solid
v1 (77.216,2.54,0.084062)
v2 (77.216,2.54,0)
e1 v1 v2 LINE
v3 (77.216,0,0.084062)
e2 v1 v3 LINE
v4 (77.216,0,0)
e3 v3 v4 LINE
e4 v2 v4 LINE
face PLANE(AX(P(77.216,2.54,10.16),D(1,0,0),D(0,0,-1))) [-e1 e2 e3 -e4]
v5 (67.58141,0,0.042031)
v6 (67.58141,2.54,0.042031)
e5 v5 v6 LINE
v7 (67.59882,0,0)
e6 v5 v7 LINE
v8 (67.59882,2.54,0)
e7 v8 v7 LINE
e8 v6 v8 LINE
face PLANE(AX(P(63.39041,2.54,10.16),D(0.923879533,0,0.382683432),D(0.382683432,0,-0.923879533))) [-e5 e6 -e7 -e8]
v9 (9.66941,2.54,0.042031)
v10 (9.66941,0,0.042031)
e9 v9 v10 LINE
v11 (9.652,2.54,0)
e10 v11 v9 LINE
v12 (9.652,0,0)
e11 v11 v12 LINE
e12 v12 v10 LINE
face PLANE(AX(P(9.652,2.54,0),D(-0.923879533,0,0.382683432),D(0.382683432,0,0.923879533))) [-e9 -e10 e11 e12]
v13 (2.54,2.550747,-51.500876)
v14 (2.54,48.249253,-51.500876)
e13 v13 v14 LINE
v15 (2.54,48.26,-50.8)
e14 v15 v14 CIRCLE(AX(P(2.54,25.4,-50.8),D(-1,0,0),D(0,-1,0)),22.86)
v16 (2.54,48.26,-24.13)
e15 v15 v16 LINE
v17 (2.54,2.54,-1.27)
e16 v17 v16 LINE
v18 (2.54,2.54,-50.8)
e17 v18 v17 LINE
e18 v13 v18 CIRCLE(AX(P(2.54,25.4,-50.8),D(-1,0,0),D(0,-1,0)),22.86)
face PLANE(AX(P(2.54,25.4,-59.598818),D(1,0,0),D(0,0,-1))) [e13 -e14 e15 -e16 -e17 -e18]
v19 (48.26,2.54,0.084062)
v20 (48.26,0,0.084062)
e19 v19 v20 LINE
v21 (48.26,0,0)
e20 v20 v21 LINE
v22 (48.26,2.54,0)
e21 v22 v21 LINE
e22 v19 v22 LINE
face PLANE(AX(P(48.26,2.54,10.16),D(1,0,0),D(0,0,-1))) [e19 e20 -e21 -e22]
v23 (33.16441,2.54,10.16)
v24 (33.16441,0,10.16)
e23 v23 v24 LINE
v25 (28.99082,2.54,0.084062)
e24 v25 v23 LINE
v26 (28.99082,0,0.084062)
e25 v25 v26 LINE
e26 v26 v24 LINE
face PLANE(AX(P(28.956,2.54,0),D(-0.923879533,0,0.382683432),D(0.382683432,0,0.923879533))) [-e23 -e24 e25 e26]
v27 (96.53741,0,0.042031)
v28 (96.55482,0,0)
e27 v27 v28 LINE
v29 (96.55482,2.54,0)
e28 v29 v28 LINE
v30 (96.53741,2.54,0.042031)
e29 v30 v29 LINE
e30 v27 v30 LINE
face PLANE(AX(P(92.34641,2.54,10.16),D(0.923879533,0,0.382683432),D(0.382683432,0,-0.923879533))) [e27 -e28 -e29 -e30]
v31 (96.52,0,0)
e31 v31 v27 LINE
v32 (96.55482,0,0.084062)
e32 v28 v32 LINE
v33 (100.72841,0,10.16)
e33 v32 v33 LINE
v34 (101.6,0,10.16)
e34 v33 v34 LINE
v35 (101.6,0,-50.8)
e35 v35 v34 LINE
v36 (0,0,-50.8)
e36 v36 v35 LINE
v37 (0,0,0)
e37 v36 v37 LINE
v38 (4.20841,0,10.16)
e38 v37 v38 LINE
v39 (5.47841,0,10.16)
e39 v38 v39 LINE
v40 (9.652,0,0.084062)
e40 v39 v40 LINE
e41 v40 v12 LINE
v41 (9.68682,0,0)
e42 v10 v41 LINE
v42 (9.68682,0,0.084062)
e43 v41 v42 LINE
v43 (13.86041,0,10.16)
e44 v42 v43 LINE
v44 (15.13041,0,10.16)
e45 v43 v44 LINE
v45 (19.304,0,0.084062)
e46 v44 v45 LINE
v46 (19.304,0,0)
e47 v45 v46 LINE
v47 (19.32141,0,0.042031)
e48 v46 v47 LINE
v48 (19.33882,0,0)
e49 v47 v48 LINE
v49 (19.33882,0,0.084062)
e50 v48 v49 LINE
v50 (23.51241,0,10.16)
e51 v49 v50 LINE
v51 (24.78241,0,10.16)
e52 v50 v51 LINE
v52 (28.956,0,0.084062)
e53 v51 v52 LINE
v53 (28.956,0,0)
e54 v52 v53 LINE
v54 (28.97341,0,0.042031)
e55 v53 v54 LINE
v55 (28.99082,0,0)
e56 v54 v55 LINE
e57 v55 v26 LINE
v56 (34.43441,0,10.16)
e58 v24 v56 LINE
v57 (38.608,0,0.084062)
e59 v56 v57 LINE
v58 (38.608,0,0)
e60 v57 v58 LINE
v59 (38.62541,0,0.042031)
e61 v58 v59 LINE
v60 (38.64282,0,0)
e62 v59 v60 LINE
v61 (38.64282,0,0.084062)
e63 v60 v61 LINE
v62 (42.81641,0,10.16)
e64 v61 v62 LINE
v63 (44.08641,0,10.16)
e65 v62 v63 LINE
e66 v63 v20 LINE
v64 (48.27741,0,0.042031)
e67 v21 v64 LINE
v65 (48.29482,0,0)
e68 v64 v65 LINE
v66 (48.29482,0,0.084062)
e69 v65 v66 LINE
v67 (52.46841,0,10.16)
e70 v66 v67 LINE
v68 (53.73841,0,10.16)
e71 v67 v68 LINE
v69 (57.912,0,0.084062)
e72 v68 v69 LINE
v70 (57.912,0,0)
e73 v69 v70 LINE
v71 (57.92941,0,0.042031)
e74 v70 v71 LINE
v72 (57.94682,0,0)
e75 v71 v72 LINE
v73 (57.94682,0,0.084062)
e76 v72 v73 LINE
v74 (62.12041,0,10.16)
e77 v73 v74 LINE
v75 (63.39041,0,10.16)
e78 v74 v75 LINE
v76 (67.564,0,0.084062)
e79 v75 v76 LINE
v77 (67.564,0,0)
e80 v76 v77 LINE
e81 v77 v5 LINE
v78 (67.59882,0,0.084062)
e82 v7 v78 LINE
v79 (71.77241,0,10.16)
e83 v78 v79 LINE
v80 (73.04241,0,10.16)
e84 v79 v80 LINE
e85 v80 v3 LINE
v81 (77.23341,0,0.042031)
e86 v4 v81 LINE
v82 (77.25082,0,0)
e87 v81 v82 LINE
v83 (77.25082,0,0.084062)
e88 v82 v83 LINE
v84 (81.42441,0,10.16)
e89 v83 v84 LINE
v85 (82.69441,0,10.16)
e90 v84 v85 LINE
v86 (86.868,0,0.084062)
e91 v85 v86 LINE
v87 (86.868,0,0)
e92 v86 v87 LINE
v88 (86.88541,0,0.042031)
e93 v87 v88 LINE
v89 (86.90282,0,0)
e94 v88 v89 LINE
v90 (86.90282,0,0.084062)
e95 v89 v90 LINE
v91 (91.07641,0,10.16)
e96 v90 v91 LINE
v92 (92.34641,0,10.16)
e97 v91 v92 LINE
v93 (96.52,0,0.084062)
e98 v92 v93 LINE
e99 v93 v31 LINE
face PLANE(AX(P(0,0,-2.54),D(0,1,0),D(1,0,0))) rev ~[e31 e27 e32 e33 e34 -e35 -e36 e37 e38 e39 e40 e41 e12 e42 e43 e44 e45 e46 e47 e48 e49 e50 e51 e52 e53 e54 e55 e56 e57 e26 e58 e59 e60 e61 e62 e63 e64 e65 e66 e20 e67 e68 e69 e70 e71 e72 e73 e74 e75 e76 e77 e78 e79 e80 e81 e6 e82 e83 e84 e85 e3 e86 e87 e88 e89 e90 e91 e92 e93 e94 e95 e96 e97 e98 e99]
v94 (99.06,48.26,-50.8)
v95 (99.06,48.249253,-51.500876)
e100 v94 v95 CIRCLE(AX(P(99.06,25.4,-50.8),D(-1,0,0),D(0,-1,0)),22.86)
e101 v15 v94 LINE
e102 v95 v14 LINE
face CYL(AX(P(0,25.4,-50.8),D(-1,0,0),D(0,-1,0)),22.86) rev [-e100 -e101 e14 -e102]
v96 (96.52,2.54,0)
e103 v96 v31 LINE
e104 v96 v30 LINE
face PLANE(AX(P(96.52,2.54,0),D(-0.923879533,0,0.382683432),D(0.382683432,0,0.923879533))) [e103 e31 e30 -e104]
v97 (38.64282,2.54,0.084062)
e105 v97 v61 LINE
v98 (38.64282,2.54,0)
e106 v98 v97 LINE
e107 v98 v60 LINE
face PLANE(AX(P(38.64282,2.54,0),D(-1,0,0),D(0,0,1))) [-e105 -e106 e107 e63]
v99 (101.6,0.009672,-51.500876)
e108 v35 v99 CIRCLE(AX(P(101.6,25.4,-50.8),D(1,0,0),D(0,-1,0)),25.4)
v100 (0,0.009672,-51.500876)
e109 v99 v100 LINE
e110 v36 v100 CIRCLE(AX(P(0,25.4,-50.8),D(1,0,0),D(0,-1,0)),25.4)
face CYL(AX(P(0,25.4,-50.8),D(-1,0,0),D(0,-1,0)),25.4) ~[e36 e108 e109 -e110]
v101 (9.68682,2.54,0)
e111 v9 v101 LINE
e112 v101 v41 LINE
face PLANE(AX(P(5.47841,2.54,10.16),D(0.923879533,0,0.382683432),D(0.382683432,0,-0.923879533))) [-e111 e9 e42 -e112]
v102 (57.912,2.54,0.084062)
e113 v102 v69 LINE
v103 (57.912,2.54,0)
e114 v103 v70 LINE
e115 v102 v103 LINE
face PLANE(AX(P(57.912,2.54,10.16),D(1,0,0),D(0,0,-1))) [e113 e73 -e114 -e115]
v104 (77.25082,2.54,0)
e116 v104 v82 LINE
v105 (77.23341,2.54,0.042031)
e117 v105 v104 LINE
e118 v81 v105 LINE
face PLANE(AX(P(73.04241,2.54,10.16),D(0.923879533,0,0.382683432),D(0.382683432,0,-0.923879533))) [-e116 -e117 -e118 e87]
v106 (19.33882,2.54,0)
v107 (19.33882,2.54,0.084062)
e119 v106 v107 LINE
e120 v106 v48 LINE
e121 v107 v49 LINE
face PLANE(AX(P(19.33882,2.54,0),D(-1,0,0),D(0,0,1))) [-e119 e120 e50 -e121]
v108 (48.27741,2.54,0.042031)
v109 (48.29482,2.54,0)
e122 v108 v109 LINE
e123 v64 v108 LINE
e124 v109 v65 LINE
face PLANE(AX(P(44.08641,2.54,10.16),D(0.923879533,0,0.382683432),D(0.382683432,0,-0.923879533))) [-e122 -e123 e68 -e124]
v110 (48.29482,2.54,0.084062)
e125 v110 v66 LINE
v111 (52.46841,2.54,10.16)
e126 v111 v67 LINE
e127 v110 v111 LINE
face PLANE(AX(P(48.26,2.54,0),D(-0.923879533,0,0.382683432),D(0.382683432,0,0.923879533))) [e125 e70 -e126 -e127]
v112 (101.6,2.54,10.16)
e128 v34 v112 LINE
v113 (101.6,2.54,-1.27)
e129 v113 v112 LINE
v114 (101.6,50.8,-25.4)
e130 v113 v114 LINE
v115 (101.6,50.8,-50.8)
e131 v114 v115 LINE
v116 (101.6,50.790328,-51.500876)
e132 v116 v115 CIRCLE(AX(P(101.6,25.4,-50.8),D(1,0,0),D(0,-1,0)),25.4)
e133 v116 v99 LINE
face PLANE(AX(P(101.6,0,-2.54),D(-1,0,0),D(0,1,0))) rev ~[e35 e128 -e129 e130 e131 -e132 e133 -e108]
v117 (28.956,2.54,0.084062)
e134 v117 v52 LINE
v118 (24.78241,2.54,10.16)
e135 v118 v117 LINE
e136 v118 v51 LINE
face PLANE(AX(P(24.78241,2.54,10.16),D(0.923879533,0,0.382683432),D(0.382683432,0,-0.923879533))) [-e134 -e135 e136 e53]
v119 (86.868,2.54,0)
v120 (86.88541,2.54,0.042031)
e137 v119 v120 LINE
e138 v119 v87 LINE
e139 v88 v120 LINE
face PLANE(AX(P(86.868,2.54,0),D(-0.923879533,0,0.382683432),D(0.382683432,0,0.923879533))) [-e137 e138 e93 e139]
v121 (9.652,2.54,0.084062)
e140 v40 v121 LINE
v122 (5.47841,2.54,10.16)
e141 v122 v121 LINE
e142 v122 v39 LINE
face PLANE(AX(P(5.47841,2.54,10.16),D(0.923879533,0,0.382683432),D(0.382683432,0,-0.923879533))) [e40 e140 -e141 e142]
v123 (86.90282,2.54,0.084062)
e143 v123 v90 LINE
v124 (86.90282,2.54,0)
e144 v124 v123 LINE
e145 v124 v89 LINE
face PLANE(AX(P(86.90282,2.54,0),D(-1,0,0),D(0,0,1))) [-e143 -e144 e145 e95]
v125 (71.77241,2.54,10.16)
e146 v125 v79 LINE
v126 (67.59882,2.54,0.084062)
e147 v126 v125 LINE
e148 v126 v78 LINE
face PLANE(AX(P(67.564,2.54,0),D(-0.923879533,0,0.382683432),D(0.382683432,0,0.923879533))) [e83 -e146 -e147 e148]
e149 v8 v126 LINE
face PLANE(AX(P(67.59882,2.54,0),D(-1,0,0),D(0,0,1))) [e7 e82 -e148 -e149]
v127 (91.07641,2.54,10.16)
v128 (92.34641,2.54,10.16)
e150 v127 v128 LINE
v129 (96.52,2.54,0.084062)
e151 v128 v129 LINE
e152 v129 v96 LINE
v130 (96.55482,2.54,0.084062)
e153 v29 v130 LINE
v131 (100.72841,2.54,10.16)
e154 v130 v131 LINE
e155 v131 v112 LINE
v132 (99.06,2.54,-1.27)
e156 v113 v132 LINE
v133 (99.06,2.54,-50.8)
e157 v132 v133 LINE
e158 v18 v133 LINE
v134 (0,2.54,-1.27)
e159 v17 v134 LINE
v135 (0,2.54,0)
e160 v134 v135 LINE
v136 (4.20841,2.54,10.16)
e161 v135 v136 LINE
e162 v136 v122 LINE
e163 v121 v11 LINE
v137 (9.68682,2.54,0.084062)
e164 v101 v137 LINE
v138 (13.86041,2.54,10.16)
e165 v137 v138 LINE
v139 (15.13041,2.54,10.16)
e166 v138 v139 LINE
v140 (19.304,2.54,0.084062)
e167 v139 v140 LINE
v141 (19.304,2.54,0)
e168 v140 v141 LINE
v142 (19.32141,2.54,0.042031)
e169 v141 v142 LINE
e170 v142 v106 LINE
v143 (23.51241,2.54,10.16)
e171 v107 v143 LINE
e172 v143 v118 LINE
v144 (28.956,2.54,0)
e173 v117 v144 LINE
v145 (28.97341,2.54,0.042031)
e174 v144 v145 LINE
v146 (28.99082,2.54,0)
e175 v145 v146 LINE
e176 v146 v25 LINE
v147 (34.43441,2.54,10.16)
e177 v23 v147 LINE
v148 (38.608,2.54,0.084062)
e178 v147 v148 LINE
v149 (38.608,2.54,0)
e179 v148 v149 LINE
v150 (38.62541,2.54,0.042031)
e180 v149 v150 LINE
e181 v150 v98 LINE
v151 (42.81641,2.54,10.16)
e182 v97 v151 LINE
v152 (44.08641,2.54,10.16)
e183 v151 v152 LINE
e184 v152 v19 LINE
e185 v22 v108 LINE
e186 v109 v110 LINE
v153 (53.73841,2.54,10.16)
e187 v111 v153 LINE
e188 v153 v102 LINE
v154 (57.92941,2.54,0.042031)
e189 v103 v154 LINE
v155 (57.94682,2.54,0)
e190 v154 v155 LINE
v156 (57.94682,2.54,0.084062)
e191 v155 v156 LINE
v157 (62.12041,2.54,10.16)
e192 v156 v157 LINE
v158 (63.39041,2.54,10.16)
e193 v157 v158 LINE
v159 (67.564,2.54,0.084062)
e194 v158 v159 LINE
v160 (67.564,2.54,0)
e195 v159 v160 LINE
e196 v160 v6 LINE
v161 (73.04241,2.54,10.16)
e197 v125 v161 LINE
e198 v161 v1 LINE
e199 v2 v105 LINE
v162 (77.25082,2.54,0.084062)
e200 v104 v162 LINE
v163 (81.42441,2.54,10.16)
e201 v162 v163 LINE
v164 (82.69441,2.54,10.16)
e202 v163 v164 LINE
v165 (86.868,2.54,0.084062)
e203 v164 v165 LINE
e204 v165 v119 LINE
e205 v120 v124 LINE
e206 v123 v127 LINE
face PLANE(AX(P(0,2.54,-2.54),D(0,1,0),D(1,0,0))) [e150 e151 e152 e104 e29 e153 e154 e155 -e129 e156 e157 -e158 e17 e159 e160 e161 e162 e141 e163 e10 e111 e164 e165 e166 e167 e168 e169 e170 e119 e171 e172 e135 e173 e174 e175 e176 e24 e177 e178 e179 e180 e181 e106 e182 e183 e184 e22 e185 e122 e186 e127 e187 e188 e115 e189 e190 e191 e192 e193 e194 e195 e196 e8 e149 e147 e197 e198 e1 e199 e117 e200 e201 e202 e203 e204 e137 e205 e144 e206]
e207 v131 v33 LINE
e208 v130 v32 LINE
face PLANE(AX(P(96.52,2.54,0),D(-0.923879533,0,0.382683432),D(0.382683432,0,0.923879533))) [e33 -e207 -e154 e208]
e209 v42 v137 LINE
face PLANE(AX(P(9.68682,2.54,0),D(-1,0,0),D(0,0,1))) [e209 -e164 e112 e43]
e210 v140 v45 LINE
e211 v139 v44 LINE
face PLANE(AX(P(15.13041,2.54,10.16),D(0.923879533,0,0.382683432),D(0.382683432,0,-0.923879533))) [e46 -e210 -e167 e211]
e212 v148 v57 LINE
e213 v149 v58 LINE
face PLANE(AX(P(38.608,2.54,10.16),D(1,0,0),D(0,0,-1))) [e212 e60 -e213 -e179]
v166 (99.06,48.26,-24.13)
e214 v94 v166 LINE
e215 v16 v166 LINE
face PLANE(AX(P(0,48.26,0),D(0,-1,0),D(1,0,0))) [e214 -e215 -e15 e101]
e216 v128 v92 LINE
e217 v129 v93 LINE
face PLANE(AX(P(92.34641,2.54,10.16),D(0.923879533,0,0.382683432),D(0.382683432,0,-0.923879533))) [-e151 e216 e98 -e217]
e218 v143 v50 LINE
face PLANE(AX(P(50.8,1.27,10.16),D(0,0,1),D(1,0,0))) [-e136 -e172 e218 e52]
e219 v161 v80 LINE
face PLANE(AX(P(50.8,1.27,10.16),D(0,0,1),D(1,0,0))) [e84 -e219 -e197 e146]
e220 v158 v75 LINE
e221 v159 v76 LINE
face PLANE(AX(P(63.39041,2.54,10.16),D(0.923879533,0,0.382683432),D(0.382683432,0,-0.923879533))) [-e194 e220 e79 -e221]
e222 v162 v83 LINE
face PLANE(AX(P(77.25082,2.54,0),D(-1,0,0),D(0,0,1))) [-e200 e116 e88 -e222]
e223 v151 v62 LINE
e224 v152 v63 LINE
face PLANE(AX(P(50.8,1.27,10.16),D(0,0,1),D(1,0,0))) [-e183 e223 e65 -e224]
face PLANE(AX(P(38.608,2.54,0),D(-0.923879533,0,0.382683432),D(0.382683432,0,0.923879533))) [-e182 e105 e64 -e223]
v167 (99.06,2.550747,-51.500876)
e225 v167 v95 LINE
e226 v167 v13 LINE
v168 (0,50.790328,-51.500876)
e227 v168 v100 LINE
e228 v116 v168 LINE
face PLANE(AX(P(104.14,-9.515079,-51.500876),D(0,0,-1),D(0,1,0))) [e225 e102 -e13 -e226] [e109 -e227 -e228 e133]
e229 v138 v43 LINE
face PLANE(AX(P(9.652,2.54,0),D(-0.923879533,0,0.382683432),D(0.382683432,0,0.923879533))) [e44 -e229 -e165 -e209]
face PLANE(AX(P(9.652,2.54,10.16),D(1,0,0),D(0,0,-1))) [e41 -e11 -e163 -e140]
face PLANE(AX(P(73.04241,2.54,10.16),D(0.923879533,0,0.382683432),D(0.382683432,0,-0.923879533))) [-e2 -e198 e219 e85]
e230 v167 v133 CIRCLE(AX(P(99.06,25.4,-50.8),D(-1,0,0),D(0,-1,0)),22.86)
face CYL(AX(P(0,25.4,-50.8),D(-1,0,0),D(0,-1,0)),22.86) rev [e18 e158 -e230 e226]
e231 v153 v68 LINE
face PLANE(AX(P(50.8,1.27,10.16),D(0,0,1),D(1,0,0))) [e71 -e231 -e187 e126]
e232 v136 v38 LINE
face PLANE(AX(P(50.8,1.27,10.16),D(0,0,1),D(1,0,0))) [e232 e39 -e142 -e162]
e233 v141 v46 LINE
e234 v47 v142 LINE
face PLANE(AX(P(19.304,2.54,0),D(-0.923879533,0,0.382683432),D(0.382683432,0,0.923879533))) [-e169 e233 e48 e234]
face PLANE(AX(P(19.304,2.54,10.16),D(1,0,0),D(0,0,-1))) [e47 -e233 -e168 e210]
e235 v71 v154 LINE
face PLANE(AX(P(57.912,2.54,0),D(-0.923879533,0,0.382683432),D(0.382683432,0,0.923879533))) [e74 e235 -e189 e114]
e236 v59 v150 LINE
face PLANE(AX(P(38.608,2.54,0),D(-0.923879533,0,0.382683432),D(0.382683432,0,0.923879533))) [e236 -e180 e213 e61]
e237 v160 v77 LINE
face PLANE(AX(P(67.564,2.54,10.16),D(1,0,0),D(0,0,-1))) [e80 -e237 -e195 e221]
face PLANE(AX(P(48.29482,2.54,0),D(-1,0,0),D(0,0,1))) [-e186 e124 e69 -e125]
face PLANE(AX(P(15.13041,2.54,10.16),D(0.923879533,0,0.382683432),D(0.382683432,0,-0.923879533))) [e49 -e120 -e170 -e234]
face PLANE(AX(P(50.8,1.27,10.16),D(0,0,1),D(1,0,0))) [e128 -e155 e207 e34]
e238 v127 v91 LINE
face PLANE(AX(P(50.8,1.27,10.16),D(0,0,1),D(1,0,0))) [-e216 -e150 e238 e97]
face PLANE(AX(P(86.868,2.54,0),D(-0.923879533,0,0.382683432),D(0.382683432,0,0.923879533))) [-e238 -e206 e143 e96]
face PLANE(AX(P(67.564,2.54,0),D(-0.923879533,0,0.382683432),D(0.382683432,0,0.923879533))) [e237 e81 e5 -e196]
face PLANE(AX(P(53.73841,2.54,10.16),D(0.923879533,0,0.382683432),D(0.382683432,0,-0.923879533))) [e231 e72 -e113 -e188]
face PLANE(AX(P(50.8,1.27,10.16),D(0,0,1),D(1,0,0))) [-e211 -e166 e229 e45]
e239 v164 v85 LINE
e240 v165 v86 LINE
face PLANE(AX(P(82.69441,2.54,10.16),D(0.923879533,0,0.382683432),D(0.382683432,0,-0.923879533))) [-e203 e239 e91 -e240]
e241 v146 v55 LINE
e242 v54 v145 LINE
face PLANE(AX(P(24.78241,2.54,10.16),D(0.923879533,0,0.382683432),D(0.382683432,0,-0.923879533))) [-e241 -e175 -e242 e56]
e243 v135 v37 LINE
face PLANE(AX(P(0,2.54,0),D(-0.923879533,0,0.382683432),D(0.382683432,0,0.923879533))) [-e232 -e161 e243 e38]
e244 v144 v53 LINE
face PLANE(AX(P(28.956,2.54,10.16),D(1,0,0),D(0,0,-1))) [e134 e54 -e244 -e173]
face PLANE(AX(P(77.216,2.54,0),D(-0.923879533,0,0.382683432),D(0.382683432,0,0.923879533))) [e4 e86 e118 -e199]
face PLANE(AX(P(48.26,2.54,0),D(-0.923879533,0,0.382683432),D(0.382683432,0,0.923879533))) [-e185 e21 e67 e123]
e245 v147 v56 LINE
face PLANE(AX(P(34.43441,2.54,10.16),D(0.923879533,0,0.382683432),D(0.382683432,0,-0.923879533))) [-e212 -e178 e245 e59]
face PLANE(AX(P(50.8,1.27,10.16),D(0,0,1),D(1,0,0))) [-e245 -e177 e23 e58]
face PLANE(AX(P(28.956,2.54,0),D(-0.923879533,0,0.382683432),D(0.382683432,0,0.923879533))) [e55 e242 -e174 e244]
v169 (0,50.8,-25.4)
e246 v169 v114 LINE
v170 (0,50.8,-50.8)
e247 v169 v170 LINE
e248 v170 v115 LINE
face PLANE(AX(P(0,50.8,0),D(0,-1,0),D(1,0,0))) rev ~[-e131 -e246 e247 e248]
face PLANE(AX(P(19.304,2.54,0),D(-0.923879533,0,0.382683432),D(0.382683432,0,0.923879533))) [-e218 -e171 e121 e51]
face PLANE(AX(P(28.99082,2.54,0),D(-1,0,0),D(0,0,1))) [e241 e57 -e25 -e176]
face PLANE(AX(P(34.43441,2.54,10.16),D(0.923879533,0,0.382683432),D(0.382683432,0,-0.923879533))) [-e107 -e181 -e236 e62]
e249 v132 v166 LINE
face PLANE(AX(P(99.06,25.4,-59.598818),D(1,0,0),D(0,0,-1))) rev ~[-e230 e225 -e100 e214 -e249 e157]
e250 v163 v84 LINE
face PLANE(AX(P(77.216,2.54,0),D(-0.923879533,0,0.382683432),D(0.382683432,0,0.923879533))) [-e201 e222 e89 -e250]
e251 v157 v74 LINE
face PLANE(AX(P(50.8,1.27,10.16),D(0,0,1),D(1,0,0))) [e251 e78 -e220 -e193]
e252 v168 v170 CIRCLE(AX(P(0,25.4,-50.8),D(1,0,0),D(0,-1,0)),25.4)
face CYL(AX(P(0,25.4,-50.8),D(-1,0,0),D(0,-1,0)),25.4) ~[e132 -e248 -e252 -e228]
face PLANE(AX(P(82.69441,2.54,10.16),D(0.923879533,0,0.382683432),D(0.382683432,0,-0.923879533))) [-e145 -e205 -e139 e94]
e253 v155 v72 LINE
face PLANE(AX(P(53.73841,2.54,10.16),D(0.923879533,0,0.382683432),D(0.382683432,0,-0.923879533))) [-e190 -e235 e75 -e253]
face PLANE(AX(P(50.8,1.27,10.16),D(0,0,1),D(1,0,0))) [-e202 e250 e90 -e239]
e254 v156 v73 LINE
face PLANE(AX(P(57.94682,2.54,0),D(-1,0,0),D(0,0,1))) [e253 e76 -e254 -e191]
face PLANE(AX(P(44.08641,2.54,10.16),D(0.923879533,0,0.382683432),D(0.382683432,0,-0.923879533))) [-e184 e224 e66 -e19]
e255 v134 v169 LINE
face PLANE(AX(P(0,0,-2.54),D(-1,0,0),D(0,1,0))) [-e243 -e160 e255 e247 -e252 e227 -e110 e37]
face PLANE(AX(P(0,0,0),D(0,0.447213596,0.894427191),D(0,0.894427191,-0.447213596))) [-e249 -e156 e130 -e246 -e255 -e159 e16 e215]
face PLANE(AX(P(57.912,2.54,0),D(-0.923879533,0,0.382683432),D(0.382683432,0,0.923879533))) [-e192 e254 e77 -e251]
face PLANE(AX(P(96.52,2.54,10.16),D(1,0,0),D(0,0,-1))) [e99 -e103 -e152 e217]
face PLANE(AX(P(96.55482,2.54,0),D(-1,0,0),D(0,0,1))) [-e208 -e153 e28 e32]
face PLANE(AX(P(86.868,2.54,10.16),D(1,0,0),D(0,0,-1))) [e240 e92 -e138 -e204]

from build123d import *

# Parameters (mm, degrees)
SKETCH1_W               = 101.6
SKETCH1_H               = 50.8
BOSS_EXTRUDE1_DEPTH     = 50.8
BOSS_EXTRUDE2_DEPTH     = 101.6
CUT_EXTRUDE1_DEPTH      = 101.6
SHELL1_T                = -2.54
SKETCH4_W               = 101.6
SKETCH4_H               = 2.54
BOSS_EXTRUDE3_DEPTH     = 12.7
CUT_EXTRUDE2_DEPTH      = 2.54
LPATTERN1_COUNT         = 11
LPATTERN1_PITCH         = 9.652
CUT_EXTRUDE3_DEPTH      = 109.22
CUT_EXTRUDE3_DEPTH_BACK = 5.08
SKETCH6_W               = 39.172348931
SKETCH6_H               = 64.321849683


with BuildPart() as part:
    # Sketch1 → Boss-Extrude1 (new body)
    with BuildSketch(Plane.XY):
        with Locations((50.8, 25.4)):
            Rectangle(SKETCH1_W, SKETCH1_H)
    extrude(amount=-BOSS_EXTRUDE1_DEPTH)

    # Sketch2 → Boss-Extrude2 (add)
    with BuildSketch(Plane.ZY):
        with BuildLine():
            Line((-50.8, 50.8), (-50.8, 0))
            ThreePointArc((-50.8, 0), (-76.2, 25.4), (-50.8, 50.8))
        make_face()
    extrude(amount=-BOSS_EXTRUDE2_DEPTH)

    # Sketch3 → Cut-Extrude1 (cut)
    with BuildSketch(Plane.ZY):
        Polygon((0, 0), (-25.4, 50.8), (0, 50.8), align=None)
    extrude(amount=-CUT_EXTRUDE1_DEPTH, mode=Mode.SUBTRACT)

    # Shell1
    shell1_openings = [part.faces().sort_by_distance(p)[0] for p in [
        (50.8, 25.4, -12.7),
    ]]
    offset(amount=SHELL1_T, openings=shell1_openings, kind=Kind.INTERSECTION)

    # Sketch4 → Boss-Extrude3 (add)
    with BuildSketch(Plane.XY.offset(-2.54)):
        with Locations((50.8, 1.27)):
            Rectangle(SKETCH4_W, SKETCH4_H)
    extrude(amount=BOSS_EXTRUDE3_DEPTH)

    # Sketch5 → Cut-Extrude2 (cut)
    with BuildSketch(Plane(origin=(0, 2.54, 0), x_dir=(1, 0, 0), z_dir=(0, 1, 0))):
        Polygon((0, 0), (4.208409794, -10.16), (0, -10.16), align=None)
        Polygon((5.478409794, -10.16), (9.686819587, 0), (9.686819587, -10.16), align=None)
    cut_extrude2 = extrude(amount=-CUT_EXTRUDE2_DEPTH, mode=Mode.SUBTRACT)

    # LPattern1: Cut-Extrude2 ×11
    with Locations(*[(i * LPATTERN1_PITCH, 0, 0) for i in range(1, LPATTERN1_COUNT)]):
        add(cut_extrude2, mode=Mode.SUBTRACT)

    # Sketch6 → Cut-Extrude3 (cut, two sides: drawn at the far end of the back side and taken through both)
    with BuildSketch(Plane.ZY.offset(-99.06).offset(-CUT_EXTRUDE3_DEPTH_BACK)):
        with Locations((-71.087050569, 22.645845649)):
            Rectangle(SKETCH6_W, SKETCH6_H)
    extrude(amount=CUT_EXTRUDE3_DEPTH + CUT_EXTRUDE3_DEPTH_BACK, mode=Mode.SUBTRACT)


solid = part.part
